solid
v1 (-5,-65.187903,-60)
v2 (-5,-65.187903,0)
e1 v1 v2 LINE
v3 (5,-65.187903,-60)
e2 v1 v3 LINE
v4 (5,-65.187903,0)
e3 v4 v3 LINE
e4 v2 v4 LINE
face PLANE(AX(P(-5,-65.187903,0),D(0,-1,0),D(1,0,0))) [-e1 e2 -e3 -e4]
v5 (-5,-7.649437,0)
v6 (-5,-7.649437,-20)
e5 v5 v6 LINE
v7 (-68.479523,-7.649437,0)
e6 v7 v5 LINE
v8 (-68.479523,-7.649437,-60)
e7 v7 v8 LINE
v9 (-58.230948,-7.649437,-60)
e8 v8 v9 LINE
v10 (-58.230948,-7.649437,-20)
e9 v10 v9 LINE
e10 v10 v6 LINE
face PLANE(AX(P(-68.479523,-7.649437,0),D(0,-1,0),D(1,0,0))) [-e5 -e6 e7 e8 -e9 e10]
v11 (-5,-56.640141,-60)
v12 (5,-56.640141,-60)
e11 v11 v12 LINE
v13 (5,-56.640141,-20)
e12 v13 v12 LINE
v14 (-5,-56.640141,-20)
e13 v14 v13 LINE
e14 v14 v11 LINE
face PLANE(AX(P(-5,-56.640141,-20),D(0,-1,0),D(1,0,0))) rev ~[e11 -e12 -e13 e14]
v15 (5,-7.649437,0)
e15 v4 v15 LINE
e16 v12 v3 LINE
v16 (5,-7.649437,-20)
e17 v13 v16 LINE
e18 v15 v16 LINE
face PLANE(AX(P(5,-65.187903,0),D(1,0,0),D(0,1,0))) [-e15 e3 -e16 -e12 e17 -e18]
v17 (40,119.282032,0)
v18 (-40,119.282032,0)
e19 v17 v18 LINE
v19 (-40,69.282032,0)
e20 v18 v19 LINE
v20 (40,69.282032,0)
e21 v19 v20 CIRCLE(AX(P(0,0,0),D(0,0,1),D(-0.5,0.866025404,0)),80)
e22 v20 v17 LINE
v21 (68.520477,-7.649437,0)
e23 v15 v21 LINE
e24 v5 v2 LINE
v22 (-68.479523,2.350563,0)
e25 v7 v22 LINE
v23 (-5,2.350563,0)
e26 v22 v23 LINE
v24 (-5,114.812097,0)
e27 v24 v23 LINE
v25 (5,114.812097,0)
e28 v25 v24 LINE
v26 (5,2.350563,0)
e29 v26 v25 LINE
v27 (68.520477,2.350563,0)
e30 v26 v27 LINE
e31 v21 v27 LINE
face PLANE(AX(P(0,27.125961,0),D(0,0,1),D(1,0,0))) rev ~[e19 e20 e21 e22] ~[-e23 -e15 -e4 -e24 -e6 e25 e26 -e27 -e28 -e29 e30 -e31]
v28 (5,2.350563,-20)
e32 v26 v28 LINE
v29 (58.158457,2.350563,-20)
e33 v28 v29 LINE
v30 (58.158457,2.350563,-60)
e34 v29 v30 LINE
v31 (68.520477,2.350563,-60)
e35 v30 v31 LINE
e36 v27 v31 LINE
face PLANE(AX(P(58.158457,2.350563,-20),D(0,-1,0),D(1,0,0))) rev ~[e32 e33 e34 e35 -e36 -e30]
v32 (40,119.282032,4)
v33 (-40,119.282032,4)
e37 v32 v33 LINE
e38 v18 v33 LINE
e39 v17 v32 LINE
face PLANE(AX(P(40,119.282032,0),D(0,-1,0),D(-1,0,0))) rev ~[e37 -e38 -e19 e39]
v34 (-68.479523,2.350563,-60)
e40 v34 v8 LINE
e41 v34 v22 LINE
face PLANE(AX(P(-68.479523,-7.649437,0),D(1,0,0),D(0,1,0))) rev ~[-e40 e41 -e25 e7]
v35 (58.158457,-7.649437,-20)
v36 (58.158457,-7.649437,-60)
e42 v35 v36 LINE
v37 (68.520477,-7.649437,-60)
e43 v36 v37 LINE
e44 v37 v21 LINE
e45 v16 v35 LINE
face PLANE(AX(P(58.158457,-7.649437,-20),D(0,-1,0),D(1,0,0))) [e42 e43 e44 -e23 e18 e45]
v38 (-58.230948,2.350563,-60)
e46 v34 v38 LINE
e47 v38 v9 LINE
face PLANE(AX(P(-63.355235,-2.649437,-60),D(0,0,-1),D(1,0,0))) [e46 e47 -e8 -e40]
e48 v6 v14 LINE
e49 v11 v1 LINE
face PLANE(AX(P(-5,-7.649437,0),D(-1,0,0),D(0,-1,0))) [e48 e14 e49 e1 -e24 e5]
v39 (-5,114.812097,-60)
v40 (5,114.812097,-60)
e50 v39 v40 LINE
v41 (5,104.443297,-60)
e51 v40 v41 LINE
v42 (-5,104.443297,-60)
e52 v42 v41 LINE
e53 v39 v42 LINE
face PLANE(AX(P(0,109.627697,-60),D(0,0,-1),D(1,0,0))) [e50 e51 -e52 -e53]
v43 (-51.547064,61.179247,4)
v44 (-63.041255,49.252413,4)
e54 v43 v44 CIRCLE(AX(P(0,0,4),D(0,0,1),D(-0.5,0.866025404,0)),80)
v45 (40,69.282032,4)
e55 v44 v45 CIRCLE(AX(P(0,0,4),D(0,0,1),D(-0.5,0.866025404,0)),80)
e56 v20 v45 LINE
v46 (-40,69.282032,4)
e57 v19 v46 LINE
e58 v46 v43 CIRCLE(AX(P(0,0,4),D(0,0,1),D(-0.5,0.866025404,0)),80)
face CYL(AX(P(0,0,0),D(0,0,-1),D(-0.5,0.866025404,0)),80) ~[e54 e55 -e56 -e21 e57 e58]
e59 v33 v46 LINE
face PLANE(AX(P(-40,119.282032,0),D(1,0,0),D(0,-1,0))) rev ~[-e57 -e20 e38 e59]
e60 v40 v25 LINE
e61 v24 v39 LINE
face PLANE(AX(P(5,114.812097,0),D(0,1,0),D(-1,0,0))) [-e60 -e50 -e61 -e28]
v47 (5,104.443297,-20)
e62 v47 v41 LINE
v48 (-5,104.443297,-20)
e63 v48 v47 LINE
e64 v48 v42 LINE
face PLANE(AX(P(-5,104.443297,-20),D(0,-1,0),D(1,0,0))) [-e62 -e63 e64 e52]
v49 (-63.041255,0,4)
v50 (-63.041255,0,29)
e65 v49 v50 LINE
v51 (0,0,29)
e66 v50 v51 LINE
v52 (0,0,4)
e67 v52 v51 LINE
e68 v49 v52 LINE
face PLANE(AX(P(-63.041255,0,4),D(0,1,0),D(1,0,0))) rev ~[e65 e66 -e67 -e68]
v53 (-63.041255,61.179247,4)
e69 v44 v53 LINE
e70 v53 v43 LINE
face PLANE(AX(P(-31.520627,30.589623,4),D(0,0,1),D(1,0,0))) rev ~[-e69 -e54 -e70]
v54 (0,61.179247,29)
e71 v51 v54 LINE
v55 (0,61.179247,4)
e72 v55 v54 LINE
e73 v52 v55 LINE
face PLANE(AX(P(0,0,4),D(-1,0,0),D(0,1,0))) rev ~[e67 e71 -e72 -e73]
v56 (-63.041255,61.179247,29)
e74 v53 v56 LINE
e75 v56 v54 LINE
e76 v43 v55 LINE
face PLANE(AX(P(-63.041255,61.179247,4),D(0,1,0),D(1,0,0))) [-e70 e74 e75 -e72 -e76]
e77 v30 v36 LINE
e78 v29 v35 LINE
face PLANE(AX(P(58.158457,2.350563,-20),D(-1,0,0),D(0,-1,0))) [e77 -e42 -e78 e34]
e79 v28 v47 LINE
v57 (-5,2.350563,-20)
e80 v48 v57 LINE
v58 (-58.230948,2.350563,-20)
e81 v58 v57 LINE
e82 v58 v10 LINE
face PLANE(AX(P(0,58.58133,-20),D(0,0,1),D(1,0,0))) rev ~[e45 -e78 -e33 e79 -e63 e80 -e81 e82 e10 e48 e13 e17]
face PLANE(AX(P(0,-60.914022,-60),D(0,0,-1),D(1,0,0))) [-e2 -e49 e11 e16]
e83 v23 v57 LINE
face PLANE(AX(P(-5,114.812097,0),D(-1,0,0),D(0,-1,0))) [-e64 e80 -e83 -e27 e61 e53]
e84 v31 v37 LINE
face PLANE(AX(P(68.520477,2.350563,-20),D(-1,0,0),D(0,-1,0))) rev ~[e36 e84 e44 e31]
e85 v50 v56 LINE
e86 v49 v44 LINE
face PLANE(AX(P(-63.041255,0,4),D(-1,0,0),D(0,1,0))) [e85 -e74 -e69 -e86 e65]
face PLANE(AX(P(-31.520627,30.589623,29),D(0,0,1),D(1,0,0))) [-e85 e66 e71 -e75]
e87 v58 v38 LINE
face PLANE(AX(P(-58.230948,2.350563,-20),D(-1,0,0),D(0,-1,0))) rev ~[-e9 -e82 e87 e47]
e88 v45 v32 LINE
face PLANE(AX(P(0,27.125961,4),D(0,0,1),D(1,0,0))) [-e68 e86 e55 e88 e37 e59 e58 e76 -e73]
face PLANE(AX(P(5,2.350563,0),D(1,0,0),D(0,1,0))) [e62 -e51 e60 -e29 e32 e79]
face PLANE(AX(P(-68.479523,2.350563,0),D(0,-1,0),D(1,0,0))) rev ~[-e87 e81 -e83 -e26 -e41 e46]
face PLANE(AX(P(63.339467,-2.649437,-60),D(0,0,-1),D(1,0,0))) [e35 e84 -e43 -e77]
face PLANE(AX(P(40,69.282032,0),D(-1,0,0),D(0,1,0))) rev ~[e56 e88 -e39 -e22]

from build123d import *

# Parameters (mm, degrees)
F2_DEPTH = 4
F3_W     = 63.5204769373
F3_H     = 10
F3_W_2   = 10
F3_W_3   = 63.4795230627
F4_DEPTH = 20
F5_W     = 10.3620196581
F5_H     = 10
F5_W_2   = 10.2485753596
F5_W_3   = 10
F5_H_2   = 8.5477627644
F5_H_3   = 10.3687997332
F6_DEPTH = 40
F7_W     = 63.041254878
F7_H     = 61.1792467535
F8_DEPTH = 25


with BuildPart() as f2:
    # F0 (on Top) → F2 (new body)
    with BuildSketch(Plane.XY):
        with BuildLine():
            Line((-40, 119.2820323028), (-40, 69.2820323028))
            ThreePointArc((-40, 69.2820323028), (0, -80), (40, 69.2820323028))
            Line((40, 69.2820323028), (40, 119.2820323028))
            Line((40, 119.2820323028), (-40, 119.2820323028))
        make_face()
    extrude(amount=F2_DEPTH)

    # F3 (on face) → F4 (join)
    with BuildSketch(Plane.XY):
        Polygon((5, 114.8120965233), (0, 114.8120965233), (-5, 114.8120965233), (-5, 2.3505634069), (5, 2.3505634069), align=None)
        with Locations((36.7602384686, -2.6494365931)):
            Rectangle(F3_W, F3_H)
        with Locations((0, -2.6494365931)):
            Rectangle(F3_W_2, F3_H)
        with Locations((-36.7397615314, -2.6494365931)):
            Rectangle(F3_W_3, F3_H)
        Polygon((5, -65.1879034767), (5, -7.6494365931), (-5, -7.6494365931), (-5, -65.1879034767), (0, -65.1879034767), align=None)
    extrude(amount=-F4_DEPTH)

    # F5 (on face) → F6 (join)
    with BuildSketch(Plane(origin=(0, 0, -20), x_dir=(1, 0, 0), z_dir=(0, 0, -1))):
        with Locations((63.3394671082, 2.6494365931)):
            Rectangle(F5_W, F5_H)
        with Locations((-63.3552353829, 2.6494365931)):
            Rectangle(F5_W_2, F5_H)
        with Locations((0, 60.9140220945)):
            Rectangle(F5_W_3, F5_H_2)
        with Locations((0, -109.6276966567)):
            Rectangle(F5_W_3, F5_H_3)
    extrude(amount=F6_DEPTH)

    # F7 (on face) → F8 (join)
    with BuildSketch(Plane.XY.offset(4)):
        with Locations((-31.520627439, 30.5896233767)):
            Rectangle(F7_W, F7_H)
    extrude(amount=F8_DEPTH)


solid = f2.part
